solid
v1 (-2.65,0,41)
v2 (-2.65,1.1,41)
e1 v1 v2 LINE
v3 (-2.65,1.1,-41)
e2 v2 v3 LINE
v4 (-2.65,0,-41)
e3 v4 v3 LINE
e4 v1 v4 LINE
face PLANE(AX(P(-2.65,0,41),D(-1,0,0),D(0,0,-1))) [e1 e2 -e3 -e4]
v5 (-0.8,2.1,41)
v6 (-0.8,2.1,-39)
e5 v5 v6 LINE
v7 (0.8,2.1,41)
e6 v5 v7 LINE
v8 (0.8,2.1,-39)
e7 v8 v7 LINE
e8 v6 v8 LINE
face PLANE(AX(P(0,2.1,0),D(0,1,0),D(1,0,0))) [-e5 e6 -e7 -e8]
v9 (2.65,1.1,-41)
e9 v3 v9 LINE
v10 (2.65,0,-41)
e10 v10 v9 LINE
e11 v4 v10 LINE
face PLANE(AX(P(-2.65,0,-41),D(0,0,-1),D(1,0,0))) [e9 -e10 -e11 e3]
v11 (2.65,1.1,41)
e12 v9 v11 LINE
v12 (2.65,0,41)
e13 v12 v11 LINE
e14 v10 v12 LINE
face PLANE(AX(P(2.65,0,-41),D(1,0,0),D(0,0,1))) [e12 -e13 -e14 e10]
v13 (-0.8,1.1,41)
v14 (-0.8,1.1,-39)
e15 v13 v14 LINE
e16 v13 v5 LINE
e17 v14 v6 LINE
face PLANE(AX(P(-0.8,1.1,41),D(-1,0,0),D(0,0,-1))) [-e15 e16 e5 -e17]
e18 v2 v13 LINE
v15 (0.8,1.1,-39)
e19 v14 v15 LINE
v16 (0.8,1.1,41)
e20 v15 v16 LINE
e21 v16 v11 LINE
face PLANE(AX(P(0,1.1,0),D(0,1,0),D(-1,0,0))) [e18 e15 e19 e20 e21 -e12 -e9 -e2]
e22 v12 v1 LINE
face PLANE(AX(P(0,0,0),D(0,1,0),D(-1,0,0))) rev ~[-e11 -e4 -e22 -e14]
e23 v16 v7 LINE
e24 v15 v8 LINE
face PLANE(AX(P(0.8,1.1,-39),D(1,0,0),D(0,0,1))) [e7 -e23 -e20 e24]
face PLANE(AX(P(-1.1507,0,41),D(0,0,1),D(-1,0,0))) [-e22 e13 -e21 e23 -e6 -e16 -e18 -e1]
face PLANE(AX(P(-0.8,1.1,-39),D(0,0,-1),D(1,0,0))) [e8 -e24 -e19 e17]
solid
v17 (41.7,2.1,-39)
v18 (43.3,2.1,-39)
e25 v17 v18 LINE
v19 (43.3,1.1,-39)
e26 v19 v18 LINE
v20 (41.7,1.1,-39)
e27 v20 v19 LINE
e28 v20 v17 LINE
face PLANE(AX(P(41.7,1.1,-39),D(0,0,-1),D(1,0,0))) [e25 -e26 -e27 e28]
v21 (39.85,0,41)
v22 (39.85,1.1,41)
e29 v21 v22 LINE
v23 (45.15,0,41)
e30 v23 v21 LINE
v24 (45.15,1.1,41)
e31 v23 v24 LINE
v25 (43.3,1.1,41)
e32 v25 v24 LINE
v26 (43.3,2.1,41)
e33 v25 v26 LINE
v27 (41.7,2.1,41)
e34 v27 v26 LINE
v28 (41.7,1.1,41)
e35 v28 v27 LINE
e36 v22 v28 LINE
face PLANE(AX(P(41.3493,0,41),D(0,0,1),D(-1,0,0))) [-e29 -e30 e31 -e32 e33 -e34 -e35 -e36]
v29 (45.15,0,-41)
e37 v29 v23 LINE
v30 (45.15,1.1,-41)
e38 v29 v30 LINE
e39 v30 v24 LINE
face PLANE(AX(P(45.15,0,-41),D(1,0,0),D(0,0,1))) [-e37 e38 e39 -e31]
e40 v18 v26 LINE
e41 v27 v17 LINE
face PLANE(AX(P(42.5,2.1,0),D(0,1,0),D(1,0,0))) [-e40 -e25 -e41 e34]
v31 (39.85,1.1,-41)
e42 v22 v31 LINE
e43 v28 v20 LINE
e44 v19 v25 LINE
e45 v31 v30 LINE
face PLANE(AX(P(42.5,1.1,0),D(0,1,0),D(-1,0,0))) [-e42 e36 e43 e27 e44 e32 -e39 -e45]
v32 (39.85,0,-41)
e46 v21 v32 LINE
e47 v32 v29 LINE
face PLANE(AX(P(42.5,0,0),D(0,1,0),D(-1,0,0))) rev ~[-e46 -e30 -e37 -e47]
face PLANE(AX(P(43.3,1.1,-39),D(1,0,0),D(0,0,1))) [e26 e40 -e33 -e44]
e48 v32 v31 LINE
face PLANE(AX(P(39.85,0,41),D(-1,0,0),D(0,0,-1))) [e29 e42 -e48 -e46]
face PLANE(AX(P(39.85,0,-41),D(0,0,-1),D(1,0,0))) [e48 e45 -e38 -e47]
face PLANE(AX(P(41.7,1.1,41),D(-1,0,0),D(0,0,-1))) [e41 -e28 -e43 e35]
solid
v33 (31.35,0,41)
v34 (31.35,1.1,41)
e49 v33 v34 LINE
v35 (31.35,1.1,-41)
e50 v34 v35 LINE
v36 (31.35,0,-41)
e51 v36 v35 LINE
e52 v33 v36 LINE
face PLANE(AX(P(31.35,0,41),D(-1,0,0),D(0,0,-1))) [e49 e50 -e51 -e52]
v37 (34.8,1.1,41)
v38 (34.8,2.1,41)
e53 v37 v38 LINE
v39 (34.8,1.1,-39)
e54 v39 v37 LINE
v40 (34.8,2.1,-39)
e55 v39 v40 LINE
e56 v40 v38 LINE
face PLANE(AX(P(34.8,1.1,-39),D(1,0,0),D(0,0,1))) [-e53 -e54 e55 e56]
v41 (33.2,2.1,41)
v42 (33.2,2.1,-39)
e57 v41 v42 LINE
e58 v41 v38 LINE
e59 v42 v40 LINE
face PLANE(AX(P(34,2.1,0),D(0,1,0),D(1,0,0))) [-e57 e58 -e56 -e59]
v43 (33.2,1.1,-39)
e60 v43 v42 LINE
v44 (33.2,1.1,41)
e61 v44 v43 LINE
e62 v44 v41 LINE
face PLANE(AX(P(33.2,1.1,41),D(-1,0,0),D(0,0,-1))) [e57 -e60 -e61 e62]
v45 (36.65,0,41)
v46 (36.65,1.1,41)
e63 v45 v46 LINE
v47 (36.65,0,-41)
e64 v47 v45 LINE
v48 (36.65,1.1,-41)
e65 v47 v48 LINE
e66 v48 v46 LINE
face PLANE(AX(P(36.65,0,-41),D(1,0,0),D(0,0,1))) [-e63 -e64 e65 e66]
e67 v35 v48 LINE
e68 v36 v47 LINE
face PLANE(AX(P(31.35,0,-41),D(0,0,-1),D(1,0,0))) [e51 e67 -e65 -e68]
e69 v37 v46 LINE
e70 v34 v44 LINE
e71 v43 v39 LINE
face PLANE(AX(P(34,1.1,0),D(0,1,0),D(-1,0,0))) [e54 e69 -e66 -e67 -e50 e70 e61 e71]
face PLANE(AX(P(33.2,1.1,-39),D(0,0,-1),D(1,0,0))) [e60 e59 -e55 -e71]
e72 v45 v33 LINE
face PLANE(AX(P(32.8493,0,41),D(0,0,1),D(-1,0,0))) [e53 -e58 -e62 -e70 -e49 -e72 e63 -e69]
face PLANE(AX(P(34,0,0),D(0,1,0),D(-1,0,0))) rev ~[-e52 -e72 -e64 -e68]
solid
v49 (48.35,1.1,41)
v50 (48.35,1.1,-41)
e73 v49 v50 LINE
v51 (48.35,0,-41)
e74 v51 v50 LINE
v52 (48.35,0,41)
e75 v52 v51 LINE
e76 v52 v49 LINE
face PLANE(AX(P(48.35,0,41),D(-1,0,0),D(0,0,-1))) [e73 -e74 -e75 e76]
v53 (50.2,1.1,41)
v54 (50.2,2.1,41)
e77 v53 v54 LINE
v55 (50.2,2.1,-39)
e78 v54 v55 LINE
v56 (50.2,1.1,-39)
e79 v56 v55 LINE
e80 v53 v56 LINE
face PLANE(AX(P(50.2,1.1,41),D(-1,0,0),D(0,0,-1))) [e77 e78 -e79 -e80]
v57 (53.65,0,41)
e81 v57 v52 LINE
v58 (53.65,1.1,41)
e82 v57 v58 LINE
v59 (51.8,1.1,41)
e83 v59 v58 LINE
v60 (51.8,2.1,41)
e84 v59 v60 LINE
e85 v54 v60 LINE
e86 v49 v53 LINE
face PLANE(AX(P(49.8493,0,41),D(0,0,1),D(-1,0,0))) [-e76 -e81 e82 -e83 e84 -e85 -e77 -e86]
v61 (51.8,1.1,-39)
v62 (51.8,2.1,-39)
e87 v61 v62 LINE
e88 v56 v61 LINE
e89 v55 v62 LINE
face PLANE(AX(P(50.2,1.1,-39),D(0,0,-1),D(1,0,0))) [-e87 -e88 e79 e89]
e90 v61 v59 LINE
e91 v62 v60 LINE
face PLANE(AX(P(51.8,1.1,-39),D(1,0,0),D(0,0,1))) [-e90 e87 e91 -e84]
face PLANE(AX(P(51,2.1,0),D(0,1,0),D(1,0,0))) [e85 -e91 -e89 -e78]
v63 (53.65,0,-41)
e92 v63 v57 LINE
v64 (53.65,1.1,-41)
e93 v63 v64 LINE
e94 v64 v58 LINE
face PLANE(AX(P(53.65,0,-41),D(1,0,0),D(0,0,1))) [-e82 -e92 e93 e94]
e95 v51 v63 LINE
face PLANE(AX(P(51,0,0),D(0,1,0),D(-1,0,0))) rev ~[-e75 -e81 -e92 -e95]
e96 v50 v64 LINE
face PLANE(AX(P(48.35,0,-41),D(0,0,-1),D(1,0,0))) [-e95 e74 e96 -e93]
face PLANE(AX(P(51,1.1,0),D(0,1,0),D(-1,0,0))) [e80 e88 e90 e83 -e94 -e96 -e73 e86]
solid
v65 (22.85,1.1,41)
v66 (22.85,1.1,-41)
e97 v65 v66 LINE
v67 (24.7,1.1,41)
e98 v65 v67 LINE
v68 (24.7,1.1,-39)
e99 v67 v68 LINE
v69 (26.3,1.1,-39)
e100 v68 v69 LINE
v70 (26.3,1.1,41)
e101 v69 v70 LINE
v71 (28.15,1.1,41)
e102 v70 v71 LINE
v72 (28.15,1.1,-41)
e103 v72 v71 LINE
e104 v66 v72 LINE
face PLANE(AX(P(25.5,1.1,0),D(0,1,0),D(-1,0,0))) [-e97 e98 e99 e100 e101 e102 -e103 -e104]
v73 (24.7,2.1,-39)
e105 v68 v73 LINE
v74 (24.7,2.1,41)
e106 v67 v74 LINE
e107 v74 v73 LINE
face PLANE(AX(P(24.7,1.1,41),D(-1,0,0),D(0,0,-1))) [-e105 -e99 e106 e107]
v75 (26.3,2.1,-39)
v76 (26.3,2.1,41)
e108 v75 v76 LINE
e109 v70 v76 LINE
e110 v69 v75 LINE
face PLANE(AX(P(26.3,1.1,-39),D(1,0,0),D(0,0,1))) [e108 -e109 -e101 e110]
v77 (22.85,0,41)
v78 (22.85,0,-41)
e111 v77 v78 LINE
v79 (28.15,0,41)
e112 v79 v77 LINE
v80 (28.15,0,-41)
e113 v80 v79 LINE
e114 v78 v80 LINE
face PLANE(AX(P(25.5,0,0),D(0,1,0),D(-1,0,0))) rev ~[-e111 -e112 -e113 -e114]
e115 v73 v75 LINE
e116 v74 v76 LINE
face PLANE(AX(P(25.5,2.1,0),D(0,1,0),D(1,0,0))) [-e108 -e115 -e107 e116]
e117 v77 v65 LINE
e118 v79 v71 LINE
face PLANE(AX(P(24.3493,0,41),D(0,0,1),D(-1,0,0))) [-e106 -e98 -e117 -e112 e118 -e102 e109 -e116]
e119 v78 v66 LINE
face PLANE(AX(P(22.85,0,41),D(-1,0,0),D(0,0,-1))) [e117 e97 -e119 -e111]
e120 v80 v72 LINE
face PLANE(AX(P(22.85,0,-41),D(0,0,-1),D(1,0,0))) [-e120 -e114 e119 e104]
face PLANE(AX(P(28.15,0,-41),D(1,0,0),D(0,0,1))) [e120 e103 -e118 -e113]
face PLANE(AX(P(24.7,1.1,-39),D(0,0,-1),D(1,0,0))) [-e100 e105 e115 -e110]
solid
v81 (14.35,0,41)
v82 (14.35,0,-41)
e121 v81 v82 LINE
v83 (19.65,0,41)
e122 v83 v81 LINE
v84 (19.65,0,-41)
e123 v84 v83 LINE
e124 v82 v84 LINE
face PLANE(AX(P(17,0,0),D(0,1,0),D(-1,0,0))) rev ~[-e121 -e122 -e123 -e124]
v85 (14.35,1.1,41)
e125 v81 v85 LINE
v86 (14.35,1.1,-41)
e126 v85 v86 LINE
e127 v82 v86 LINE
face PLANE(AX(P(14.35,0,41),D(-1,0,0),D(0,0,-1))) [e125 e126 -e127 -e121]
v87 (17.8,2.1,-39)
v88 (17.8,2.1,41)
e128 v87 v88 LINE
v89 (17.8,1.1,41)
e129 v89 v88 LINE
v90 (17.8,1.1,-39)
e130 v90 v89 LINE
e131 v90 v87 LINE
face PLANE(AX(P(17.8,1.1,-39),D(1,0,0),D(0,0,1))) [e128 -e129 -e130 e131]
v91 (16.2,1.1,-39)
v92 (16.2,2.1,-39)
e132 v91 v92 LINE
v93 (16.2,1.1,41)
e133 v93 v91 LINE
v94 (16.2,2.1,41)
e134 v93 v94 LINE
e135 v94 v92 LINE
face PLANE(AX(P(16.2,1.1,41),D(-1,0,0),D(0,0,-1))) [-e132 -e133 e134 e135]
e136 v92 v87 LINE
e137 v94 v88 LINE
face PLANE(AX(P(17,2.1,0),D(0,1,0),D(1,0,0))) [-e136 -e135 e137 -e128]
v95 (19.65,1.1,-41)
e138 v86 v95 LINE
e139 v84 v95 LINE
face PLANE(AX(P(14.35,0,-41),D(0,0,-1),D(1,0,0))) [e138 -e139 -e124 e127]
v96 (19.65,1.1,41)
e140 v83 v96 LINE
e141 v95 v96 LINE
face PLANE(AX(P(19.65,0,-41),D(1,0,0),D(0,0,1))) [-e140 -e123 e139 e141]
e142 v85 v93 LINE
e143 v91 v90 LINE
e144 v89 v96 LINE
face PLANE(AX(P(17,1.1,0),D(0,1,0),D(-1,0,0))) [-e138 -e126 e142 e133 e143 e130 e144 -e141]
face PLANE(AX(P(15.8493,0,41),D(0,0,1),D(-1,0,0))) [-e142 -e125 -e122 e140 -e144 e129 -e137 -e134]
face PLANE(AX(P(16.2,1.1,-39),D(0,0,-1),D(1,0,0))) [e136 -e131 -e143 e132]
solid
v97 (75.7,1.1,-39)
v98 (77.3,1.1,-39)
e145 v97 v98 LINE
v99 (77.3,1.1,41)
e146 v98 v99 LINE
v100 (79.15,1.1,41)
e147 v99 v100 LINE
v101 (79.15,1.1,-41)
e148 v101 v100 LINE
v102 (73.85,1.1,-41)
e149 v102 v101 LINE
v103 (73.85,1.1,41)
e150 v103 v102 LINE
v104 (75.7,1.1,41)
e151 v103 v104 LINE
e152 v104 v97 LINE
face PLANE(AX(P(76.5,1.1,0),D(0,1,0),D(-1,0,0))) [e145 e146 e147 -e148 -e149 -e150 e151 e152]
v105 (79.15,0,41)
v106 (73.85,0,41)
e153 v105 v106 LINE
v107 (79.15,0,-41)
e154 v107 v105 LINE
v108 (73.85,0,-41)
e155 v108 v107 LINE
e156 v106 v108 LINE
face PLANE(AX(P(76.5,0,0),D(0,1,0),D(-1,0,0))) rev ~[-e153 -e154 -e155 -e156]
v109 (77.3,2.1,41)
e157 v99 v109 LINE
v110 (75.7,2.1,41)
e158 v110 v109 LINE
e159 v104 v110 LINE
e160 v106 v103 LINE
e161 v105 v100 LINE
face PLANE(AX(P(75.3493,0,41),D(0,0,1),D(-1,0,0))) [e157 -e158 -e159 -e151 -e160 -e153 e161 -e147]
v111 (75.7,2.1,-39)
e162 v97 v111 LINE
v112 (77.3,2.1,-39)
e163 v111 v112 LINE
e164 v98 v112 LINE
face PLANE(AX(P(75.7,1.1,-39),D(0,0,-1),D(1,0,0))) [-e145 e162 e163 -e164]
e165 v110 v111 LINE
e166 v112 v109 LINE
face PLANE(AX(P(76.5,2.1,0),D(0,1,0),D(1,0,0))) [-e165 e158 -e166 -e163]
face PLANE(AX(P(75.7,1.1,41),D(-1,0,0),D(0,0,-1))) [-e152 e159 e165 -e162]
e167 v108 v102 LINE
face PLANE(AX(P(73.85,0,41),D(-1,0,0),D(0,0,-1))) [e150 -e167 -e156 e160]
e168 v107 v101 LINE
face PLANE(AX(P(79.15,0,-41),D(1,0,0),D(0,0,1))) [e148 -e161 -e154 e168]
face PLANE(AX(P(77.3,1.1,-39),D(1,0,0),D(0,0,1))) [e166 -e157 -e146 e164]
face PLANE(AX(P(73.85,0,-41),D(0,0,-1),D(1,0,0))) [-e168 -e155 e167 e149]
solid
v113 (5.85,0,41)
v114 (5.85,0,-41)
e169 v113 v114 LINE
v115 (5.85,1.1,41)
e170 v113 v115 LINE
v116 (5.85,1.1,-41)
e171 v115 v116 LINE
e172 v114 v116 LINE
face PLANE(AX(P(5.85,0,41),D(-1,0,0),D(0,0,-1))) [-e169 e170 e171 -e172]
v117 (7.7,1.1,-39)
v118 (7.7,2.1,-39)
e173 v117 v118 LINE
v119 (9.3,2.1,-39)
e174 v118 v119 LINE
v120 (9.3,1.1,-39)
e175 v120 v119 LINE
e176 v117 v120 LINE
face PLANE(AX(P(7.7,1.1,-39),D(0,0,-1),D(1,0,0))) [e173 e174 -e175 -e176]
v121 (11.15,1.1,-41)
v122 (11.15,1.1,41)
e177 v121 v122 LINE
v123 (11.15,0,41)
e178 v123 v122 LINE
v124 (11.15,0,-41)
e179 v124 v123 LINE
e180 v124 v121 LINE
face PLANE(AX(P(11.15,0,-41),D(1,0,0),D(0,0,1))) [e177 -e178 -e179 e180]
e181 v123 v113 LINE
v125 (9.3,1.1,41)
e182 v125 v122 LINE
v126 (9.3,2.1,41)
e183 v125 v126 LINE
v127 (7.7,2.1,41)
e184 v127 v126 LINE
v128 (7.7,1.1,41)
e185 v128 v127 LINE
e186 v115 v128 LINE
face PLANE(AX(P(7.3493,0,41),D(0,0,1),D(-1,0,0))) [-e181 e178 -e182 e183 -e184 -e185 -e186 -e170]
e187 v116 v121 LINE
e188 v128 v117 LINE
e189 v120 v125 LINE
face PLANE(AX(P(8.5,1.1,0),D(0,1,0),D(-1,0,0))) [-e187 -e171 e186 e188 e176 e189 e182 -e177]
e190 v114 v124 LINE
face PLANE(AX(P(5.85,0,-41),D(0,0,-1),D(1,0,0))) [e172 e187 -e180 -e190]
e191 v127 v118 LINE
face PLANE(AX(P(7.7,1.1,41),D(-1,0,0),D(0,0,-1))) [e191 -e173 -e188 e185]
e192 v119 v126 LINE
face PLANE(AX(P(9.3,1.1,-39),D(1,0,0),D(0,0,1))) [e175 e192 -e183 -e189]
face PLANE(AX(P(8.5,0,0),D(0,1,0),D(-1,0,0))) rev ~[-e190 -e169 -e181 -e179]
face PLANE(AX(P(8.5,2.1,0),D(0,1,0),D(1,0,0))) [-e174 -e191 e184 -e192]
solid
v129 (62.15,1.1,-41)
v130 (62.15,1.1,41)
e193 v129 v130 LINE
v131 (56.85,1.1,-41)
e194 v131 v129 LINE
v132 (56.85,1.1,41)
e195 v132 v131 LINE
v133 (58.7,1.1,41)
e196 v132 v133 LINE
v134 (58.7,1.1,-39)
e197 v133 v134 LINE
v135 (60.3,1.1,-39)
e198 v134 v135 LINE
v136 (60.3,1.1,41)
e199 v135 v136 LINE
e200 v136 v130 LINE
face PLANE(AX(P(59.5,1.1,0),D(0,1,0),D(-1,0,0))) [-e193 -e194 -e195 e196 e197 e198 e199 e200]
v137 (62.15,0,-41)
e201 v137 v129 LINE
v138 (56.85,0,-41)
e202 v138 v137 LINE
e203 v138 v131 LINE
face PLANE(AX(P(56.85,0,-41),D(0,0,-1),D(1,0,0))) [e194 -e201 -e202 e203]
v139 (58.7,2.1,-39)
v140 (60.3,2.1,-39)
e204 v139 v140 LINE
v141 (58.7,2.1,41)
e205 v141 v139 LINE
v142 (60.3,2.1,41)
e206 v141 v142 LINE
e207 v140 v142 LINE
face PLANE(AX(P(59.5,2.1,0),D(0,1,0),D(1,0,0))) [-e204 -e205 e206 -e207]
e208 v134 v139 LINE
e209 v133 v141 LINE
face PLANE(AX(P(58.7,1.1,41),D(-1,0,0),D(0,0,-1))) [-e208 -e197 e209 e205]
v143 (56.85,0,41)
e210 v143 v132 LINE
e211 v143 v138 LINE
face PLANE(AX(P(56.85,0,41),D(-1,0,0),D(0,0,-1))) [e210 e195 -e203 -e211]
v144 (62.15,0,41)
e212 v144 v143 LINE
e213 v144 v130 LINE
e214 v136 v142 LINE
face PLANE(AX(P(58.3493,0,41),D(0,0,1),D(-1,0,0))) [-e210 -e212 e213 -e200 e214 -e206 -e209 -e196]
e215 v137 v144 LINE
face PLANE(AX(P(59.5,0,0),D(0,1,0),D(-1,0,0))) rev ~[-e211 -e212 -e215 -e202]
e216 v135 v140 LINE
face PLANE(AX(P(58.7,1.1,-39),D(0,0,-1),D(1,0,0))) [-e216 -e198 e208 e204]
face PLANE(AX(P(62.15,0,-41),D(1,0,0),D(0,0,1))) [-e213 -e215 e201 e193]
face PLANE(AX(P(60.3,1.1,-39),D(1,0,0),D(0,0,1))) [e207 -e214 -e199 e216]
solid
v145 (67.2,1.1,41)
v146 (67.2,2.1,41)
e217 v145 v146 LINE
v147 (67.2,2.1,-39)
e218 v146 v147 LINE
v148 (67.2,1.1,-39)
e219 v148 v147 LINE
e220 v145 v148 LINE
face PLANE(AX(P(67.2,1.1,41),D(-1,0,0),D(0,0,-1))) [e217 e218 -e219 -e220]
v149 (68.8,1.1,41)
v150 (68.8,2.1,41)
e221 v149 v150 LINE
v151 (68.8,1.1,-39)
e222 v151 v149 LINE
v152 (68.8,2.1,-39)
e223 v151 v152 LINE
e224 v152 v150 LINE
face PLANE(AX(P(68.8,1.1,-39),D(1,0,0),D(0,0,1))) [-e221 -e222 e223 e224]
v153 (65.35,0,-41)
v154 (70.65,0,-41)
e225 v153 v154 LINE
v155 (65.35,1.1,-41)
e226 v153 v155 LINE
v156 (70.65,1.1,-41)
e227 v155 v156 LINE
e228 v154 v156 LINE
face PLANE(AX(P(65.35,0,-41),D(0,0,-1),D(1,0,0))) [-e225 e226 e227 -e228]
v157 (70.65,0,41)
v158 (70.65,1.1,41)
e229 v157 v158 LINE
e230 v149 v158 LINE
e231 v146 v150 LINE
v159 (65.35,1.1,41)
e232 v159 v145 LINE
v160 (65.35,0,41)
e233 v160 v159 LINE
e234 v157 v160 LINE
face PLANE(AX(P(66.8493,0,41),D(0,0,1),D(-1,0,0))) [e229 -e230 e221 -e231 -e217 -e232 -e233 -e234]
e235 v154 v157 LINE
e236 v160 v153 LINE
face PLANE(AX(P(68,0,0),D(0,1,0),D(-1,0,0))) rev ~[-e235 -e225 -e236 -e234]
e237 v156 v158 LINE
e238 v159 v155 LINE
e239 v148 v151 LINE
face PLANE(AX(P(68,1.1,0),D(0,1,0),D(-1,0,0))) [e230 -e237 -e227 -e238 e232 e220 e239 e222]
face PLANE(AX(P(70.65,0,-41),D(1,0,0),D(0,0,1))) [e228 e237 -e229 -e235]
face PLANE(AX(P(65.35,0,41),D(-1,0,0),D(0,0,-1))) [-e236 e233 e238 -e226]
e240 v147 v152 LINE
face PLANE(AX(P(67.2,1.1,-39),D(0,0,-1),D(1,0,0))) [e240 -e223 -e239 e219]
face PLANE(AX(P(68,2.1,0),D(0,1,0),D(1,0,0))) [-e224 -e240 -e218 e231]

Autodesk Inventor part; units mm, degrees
ref_plane "YZ Plane" through (0, 0, 0) normal (1, 0, 0) x (0, 1, 0)
ref_plane "XZ Plane" through (0, 0, 0) normal (0, 1, 0) x (-1, 0, 0)
ref_plane "XY Plane" through (0, 0, 0) normal (0, 0, 1) x (1, 0, 0)
sketch "Sketch1" plane through (0, 0, 0) normal (0, 1, 0) x (-1, 0, 0)
  line L0 (2.65, -41) -> (-2.65, -41)
  line L1 (-2.65, -41) -> (-2.65, 41)
  line L2 (-2.65, 41) -> (2.65, 41)
  line L3 (2.65, 41) -> (2.65, -41)
  line L4 (2.65, -41) -> (-2.65, 41) construction
  line L5 (-2.65, -41) -> (2.65, 41) construction
  line L6 (-1.2752, 41) -> (1.1507, 41)
  line L7 (1.1507, 41) -> (1.1507, 41)
  line L8 (1.1507, 41) -> (-1.2752, 41)
  line L9 (-1.2752, 41) -> (-1.2752, 41)
  point P0 (0, 0)
  dimension "d0" = 5.3
  dimension "d1" = 82
extrude "Extrusion1" add sketch "Sketch1" along normal blind 1.1
sketch "Sketch2" plane through (0, 1.1, 0) normal (0, 1, 0) x (1, 0, 0)
  line L0 (-2.65, -41) -> (2.65, -41) projected
  line L1 (0.8, -41) -> (-0.8, -41)
  line L2 (-0.8, -41) -> (-0.8, 39)
  line L3 (-0.8, 39) -> (0.8, 39)
  line L4 (0.8, 39) -> (0.8, -41)
  line L5 (2.65, -41) -> (2.65, 41) projected
  line L6 (-2.65, 41) -> (-2.65, -41) projected
  point P0 (0, 0)
  dimension "d4" = 80
  dimension "d5" = 1.6
  dimension "d6" = 5.3
  dimension "d7" = 1.85
extrude "Extrusion2" add sketch "Sketch2" along normal blind 1
pattern_linear "Rectangular Pattern1" count 10 spacing 8.5 along (1, 0, 0) of "Extrusion1", "Extrusion2"
equation "\"d7\" = 0.5 * d6 - 0.5 * d5"
equation "\"base_add\" = 0.6"
properties part number "structure2"
